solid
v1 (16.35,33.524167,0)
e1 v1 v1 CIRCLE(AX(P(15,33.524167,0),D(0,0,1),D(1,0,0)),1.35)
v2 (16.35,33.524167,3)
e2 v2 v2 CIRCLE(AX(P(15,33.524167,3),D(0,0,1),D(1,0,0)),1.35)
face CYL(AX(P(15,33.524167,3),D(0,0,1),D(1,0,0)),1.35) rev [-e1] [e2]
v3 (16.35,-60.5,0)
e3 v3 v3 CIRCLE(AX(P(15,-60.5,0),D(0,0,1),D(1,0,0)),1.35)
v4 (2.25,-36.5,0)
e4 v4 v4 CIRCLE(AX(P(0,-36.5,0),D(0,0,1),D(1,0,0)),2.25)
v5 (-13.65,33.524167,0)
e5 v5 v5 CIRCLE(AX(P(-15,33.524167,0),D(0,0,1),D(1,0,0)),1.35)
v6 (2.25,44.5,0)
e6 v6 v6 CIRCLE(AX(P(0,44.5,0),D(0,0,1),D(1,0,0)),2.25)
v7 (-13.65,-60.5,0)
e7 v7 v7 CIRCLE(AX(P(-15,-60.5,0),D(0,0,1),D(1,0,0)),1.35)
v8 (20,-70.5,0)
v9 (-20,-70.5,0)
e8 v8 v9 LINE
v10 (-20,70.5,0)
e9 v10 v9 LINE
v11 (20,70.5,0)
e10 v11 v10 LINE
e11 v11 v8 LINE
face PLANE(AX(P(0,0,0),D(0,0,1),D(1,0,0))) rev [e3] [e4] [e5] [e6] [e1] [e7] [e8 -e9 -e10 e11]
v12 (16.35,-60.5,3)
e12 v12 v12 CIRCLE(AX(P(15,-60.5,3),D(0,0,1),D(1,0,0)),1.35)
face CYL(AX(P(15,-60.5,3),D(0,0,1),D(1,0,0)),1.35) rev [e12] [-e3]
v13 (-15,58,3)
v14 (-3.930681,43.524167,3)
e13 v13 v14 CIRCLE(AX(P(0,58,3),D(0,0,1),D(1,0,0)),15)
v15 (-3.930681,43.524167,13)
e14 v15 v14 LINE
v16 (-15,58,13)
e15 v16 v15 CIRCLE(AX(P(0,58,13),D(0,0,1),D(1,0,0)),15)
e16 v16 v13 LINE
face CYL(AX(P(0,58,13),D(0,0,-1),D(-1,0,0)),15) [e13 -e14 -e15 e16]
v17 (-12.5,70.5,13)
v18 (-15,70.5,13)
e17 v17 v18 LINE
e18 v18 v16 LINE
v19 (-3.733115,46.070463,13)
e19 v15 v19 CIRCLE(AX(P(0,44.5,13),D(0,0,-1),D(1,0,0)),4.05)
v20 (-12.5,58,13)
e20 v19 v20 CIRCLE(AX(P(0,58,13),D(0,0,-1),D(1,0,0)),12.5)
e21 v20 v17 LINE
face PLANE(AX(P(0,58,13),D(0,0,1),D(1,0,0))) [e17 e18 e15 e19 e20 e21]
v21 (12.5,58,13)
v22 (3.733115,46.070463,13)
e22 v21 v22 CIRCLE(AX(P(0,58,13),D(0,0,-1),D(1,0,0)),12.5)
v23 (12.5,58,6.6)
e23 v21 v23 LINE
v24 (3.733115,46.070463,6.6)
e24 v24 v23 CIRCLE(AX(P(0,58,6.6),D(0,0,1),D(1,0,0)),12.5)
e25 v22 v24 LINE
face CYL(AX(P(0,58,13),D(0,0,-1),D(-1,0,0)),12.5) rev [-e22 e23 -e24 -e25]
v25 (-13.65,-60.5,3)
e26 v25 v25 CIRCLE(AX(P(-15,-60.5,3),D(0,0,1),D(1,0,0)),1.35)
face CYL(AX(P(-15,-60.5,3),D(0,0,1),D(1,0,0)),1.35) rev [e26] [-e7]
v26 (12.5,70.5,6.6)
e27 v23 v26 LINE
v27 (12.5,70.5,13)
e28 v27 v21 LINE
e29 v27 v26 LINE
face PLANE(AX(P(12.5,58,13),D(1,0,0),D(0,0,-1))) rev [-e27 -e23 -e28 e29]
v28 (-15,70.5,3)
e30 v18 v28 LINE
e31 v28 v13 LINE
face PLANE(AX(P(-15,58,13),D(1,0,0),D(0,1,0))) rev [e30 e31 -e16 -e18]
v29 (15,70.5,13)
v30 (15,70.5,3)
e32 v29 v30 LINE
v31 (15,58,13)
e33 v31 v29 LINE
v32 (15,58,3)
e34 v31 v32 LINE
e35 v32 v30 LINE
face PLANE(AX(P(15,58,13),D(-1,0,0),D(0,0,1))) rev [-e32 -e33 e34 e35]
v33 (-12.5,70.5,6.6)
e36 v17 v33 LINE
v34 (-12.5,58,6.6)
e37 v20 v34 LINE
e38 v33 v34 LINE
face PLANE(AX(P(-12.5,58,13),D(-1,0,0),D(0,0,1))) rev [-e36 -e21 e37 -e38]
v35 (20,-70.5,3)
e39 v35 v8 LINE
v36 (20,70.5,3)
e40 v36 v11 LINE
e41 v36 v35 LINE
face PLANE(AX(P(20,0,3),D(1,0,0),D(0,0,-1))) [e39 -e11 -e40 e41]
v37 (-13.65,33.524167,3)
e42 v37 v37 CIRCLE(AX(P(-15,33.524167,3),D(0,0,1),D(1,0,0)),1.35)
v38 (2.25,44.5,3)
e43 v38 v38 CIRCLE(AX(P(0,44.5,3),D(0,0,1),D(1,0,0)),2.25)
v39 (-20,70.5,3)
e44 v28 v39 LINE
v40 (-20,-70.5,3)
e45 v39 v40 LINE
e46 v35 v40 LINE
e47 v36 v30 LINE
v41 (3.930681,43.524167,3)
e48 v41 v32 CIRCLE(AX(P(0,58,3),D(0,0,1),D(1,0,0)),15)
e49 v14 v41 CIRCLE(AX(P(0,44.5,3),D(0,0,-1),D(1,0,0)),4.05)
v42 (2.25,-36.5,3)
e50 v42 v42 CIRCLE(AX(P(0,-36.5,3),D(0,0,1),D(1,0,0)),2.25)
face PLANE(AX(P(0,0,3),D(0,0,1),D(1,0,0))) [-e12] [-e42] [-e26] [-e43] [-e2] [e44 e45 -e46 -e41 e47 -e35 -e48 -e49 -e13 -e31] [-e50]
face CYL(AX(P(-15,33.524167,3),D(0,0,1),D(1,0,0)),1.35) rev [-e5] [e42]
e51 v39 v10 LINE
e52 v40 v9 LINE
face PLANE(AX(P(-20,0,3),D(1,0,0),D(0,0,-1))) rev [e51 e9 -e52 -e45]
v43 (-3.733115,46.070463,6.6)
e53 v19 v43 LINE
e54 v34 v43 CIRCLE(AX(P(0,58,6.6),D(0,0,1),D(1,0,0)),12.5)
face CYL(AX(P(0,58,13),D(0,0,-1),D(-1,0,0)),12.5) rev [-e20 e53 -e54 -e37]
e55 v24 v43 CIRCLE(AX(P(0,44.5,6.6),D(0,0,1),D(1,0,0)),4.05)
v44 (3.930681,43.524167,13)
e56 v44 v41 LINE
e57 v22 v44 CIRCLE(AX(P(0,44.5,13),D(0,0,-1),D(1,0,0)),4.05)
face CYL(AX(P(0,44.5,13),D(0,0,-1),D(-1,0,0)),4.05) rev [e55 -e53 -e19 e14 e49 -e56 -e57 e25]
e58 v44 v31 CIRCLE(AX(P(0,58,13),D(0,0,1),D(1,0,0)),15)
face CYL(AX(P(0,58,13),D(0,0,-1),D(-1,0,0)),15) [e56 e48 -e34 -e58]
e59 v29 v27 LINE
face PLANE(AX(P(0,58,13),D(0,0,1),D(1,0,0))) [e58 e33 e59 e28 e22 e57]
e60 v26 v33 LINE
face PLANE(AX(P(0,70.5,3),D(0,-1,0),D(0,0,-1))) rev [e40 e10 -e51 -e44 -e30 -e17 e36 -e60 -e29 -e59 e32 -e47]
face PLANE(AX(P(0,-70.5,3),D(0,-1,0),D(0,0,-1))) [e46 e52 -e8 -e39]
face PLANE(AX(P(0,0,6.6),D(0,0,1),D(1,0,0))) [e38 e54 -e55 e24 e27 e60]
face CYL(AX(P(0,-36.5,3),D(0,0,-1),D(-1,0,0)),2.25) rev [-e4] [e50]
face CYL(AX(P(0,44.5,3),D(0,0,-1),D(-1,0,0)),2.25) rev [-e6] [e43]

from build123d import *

# Parameters (mm, degrees)
SCHIZZO1_W                   = 40
SCHIZZO1_H                   = 141
SCHIZZO1_R                   = 2.25
ESTRUSIONE_ESTRUSIONE4_DEPTH = 3
ESTRUSIONE_ESTRUSIONE5_DEPTH = 10
ESTRUSIONE_ESTRUSIONE6_DEPTH = 3.6
FORO_PER_VITE_M2_5_1_D       = 2.7


with BuildPart() as part:
    # Schizzo1 → Estrusione-Estrusione4 (new body)
    with BuildSketch(Plane.XY):
        Rectangle(SCHIZZO1_W, SCHIZZO1_H)
        with Locations((0, 44.5)):
            Circle(SCHIZZO1_R, mode=Mode.SUBTRACT)
        with Locations((0, -36.5)):
            Circle(SCHIZZO1_R, mode=Mode.SUBTRACT)
    extrude(amount=ESTRUSIONE_ESTRUSIONE4_DEPTH)

    # Schizzo2 → Estrusione-Estrusione5 (add)
    with BuildSketch(Plane.XY.offset(3)):
        with BuildLine():
            Line((15, 58), (15, 70.5))
            Line((15, 70.5), (12.5, 70.5))
            Line((12.5, 70.5), (12.5, 58))
            ThreePointArc((12.5, 58), (10.072584945, 50.597768409), (3.733114796, 46.070462963))
            ThreePointArc((3.733114796, 46.070462963), (4.03786402, 44.813295631), (3.930680514, 43.524166667))
            ThreePointArc((3.930680514, 43.524166667), (11.915540435, 48.888474544), (15, 58))
        make_face()
        with BuildLine():
            Line((-12.5, 58), (-12.5, 70.5))
            Line((-12.5, 70.5), (-15, 70.5))
            Line((-15, 70.5), (-15, 58))
            ThreePointArc((-15, 58), (-11.915540435, 48.888474544), (-3.930680514, 43.524166667))
            ThreePointArc((-3.930680514, 43.524166667), (-4.03786402, 44.813295631), (-3.733114796, 46.070462963))
            ThreePointArc((-3.733114796, 46.070462963), (-10.072584945, 50.597768409), (-12.5, 58))
        make_face()
    extrude(amount=ESTRUSIONE_ESTRUSIONE5_DEPTH)

    # Schizzo3 → Estrusione-Estrusione6 (add)
    with BuildSketch(Plane.XY.offset(3)):
        with BuildLine():
            Line((12.5, 58), (12.5, 70.5))
            Line((12.5, 70.5), (-12.5, 70.5))
            Line((-12.5, 70.5), (-12.5, 58))
            ThreePointArc((-12.5, 58), (-10.072584945, 50.597768409), (-3.733114796, 46.070462963))
            ThreePointArc((-3.733114796, 46.070462963), (0, 48.55), (3.733114796, 46.070462963))
            ThreePointArc((3.733114796, 46.070462963), (10.072584945, 50.597768409), (12.5, 58))
        make_face()
    extrude(amount=ESTRUSIONE_ESTRUSIONE6_DEPTH)

    # Foro per Vite M2.5-1 (through all)
    with Locations(Plane(origin=(-15, 33.524166667, 3), x_dir=(1, 0, 0), z_dir=(0, 0, 1))):
        with Locations((0, 0), (0, -94.024166667)):
            foro_per_vite_m2_5_1 = Hole(FORO_PER_VITE_M2_5_1_D / 2)

    # Specchia1: Foro per Vite M2.5-1 across plane
    add(foro_per_vite_m2_5_1.mirror(Plane(origin=(0, 0, 0), x_dir=(0, 0, 1), z_dir=(1, 0, 0))), mode=Mode.SUBTRACT)


solid = part.part
